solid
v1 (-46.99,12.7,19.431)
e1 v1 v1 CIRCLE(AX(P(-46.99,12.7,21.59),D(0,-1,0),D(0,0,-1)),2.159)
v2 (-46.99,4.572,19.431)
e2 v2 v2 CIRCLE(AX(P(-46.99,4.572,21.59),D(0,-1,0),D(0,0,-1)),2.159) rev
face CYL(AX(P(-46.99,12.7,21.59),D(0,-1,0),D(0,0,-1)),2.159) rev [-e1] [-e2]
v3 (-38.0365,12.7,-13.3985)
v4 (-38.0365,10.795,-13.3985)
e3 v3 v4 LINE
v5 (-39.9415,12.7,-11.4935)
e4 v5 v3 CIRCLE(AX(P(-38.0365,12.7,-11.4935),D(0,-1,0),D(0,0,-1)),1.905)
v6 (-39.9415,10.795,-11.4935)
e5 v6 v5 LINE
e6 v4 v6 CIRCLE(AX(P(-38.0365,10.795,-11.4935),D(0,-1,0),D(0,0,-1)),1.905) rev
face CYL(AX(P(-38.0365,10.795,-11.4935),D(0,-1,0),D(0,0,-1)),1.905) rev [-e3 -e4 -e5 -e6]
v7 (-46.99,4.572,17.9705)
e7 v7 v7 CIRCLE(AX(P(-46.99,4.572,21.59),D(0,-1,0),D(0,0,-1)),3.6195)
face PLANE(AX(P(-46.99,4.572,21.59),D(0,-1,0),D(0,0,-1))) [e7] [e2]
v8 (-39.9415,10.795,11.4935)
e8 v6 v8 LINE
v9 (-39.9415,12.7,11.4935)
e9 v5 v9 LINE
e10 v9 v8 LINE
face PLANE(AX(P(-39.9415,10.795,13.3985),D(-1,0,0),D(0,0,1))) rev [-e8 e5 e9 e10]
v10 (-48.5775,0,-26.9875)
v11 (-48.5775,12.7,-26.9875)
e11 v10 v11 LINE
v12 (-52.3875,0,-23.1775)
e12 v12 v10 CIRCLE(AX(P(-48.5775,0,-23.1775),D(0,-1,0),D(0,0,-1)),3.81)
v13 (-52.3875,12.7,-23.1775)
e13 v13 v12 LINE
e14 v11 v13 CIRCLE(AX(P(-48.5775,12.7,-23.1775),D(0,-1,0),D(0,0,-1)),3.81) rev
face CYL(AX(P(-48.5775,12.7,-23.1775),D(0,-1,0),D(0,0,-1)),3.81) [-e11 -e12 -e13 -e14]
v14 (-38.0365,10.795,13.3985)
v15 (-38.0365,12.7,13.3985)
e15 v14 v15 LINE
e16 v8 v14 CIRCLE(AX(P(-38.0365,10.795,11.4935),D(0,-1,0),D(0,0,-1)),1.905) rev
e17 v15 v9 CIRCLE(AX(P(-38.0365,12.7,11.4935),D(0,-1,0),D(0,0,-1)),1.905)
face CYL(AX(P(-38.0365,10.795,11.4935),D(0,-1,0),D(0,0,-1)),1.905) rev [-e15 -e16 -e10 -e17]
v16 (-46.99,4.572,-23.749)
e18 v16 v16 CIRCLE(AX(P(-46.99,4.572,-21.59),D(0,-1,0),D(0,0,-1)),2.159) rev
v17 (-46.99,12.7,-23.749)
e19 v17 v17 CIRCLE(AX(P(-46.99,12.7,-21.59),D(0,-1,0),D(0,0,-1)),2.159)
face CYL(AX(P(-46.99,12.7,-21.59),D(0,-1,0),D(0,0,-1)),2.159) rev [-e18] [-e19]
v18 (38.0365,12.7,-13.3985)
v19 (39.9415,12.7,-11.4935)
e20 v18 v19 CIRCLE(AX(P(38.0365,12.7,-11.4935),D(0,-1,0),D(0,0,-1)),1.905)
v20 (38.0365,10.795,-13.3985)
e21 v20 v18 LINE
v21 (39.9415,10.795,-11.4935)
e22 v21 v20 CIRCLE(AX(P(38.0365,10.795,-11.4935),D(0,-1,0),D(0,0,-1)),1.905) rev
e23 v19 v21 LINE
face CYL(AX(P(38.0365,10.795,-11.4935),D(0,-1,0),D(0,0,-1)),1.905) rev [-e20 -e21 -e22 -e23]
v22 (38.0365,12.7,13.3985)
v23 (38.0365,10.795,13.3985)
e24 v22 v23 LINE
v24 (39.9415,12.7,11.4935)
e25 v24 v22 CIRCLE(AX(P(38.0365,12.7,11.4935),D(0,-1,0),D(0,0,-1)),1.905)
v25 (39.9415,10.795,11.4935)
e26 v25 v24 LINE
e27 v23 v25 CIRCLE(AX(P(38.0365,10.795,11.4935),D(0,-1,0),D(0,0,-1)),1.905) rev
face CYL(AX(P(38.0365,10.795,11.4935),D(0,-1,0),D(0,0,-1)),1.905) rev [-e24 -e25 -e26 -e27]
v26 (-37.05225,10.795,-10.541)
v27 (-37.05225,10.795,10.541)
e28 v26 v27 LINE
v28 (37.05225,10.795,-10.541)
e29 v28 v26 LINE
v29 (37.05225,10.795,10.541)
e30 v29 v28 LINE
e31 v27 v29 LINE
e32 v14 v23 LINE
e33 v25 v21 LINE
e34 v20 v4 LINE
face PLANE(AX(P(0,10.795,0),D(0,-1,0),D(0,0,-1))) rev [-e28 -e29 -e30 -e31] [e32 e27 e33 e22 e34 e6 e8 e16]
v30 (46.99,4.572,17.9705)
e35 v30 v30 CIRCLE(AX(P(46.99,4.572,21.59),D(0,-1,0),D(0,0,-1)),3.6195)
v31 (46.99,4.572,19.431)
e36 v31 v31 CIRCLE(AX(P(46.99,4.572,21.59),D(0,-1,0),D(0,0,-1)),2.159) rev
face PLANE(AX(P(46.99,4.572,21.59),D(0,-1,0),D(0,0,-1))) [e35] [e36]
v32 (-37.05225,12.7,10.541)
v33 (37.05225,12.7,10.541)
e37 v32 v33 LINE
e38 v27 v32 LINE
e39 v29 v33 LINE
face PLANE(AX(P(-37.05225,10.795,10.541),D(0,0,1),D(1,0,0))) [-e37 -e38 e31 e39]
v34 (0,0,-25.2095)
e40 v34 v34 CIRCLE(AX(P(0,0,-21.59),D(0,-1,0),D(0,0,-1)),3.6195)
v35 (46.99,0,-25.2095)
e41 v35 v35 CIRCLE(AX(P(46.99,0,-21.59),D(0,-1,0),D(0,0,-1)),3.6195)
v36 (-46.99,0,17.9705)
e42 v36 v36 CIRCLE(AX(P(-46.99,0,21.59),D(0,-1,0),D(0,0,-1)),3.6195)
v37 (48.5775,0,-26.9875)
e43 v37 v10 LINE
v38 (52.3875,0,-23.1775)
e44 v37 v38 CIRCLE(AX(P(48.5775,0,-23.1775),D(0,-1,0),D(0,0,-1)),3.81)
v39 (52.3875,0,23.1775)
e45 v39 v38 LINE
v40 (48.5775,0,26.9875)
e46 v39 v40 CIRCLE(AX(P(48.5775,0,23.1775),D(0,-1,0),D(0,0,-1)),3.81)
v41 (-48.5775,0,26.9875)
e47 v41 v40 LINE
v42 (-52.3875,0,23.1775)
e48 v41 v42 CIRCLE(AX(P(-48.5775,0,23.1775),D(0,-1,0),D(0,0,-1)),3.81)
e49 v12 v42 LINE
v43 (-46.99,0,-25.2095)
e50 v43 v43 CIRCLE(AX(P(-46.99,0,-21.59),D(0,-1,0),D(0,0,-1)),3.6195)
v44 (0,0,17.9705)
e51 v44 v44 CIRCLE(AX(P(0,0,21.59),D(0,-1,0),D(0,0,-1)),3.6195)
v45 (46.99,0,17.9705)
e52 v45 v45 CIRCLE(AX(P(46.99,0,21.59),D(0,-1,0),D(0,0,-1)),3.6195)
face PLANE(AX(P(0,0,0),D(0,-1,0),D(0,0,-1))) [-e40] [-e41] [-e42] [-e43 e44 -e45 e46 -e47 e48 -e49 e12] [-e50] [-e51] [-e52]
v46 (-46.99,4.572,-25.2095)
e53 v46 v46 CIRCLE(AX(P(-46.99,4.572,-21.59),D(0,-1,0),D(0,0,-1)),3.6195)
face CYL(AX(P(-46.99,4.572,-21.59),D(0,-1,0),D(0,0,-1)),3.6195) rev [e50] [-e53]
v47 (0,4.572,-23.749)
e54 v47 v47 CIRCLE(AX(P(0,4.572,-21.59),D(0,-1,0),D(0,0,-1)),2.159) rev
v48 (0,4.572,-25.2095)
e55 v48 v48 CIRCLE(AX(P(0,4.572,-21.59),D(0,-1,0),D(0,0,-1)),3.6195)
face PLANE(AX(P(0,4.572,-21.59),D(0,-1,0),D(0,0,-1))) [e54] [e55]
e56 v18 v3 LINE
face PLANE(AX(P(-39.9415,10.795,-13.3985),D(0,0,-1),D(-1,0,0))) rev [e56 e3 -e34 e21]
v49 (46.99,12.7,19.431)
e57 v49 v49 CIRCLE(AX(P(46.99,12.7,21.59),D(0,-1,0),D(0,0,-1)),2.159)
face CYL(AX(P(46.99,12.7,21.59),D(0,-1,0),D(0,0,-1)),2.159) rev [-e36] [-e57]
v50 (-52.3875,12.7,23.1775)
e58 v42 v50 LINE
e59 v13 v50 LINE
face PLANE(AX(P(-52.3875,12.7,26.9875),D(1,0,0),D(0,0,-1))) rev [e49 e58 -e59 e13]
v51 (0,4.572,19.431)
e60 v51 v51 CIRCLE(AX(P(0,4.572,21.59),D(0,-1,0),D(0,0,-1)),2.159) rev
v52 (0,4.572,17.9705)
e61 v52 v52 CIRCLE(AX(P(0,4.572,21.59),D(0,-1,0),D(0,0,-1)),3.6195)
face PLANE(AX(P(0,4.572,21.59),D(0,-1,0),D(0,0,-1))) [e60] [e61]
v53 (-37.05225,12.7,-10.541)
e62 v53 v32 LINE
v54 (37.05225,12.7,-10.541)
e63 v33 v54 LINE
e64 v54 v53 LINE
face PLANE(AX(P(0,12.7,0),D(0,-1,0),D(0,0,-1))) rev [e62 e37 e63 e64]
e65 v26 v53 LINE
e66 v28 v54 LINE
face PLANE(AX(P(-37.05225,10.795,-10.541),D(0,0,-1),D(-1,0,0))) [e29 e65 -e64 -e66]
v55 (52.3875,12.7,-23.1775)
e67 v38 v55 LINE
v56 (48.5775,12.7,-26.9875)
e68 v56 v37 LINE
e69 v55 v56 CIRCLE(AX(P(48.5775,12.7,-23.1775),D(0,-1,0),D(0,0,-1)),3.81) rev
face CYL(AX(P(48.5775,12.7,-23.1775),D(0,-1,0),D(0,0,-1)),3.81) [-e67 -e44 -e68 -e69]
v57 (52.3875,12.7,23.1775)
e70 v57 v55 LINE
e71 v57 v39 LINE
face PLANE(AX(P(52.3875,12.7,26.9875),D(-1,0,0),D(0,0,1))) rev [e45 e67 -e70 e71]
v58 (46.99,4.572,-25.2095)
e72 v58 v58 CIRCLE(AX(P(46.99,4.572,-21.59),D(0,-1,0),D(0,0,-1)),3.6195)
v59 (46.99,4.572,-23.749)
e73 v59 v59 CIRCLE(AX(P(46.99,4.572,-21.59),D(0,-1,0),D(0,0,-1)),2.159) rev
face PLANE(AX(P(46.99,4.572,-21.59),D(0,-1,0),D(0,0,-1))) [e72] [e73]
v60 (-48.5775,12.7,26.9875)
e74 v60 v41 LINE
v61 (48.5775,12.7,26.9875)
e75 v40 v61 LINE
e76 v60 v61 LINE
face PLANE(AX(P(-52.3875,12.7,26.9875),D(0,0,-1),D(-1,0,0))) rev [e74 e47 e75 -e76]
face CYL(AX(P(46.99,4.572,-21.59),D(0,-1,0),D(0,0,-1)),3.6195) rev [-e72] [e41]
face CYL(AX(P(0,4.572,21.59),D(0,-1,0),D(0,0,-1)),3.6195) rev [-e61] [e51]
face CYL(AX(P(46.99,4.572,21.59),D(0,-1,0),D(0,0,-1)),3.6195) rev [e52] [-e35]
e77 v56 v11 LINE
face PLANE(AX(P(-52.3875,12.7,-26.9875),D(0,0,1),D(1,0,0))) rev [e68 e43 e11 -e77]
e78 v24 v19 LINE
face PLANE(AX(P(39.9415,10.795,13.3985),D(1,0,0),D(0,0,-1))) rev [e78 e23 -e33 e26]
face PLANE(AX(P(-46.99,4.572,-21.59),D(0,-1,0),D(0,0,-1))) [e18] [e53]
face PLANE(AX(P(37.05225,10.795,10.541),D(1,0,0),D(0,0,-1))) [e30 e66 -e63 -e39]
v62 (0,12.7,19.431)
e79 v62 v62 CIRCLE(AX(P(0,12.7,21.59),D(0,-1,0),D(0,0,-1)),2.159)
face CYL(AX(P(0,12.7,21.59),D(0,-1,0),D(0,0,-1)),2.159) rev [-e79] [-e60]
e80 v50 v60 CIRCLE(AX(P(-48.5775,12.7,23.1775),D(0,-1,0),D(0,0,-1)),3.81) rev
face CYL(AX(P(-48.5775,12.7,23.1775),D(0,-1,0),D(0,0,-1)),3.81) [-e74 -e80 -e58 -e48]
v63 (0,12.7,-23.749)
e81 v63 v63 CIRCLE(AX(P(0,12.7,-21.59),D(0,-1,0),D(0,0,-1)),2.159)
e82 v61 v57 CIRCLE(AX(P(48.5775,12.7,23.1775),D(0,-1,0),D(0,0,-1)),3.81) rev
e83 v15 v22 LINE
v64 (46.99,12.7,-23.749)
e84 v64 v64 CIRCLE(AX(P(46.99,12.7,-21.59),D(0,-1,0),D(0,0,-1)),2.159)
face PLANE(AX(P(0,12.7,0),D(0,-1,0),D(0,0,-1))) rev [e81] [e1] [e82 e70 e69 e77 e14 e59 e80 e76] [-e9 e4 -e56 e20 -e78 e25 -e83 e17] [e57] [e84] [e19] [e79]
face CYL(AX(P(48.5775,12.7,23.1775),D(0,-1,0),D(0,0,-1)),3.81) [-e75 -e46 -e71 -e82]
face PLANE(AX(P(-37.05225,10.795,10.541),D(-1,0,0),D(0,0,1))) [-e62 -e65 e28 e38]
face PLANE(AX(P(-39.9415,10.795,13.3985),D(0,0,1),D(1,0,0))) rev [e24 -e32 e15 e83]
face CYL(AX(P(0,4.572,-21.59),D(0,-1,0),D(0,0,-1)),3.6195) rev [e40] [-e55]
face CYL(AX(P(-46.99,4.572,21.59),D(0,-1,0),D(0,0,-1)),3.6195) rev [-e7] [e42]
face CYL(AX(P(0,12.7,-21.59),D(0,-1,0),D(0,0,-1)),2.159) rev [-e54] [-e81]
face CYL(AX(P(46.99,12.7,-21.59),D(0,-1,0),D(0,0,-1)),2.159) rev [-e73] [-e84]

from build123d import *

# Parameters (mm, degrees)
SKETCH1_W           = 104.775
SKETCH1_H           = 53.975
BOSS_EXTRUDE1_DEPTH = 12.7
SKETCH3_W           = 79.883
SKETCH3_H           = 26.797
SKETCH3_W_2         = 74.1045
SKETCH3_H_2         = 21.082
CUT_EXTRUDE1_DEPTH  = 1.905
FILLET1_R           = 1.905
SKETCH4_R           = 2.159
CUT_EXTRUDE2_DEPTH  = 61.283209209
SKETCH8_R           = 3.6195
CUT_EXTRUDE3_DEPTH  = 4.572
FILLET2_R           = 3.81


with BuildPart() as part:
    # Sketch1 → Boss-Extrude1 (new body)
    with BuildSketch(Plane(origin=(0, 0, 0), x_dir=(1, 0, 0), z_dir=(0, 1, 0))):
        Rectangle(SKETCH1_W, SKETCH1_H)
    extrude(amount=BOSS_EXTRUDE1_DEPTH)

    # Sketch3 → Cut-Extrude1 (cut)
    with BuildSketch(Plane(origin=(0, 12.7, 0), x_dir=(1, 0, 0), z_dir=(0, 1, 0))):
        Rectangle(SKETCH3_W, SKETCH3_H)
        Rectangle(SKETCH3_W_2, SKETCH3_H_2, mode=Mode.SUBTRACT)
    extrude(amount=-CUT_EXTRUDE1_DEPTH, mode=Mode.SUBTRACT)

    # Fillet1
    fillet1_edges = [part.edges().sort_by_distance(p)[0] for p in [
        (39.9415, 11.7475, -13.3985),
        (39.9415, 11.7475, 13.3985),
        (-39.9415, 11.7475, 13.3985),
        (-39.9415, 11.7475, -13.3985),
    ]]
    fillet(fillet1_edges, radius=FILLET1_R)

    # Sketch4 → Cut-Extrude2 (cut, through all)
    with BuildSketch(Plane.XZ):
        with Locations(Location((-46.99, 21.59, 0), (0, 0, 270))):
            Circle(SKETCH4_R)
        with Locations(Location((46.99, 21.59, 0), (0, 0, 270))):
            Circle(SKETCH4_R)
        with Locations(Location((-46.99, -21.59, 0), (0, 0, 270))):
            Circle(SKETCH4_R)
        with Locations(Location((46.99, -21.59, 0), (0, 0, 270))):
            Circle(SKETCH4_R)
        with Locations(Location((0, 21.59, 0), (0, 0, 270))):
            Circle(SKETCH4_R)
        with Locations(Location((0, -21.59, 0), (0, 0, 270))):
            Circle(SKETCH4_R)
    extrude(amount=-CUT_EXTRUDE2_DEPTH, mode=Mode.SUBTRACT)

    # Sketch8 → Cut-Extrude3 (cut)
    with BuildSketch(Plane.XZ):
        with Locations(Location((-46.99, 21.59, 0), (0, 0, 270))):
            Circle(SKETCH8_R)
        with Locations(Location((0, 21.59, 0), (0, 0, 270))):
            Circle(SKETCH8_R)
        with Locations(Location((46.99, 21.59, 0), (0, 0, 270))):
            Circle(SKETCH8_R)
        with Locations(Location((46.99, -21.59, 0), (0, 0, 270))):
            Circle(SKETCH8_R)
        with Locations(Location((0, -21.59, 0), (0, 0, 270))):
            Circle(SKETCH8_R)
        with Locations(Location((-46.99, -21.59, 0), (0, 0, 270))):
            Circle(SKETCH8_R)
    extrude(amount=-CUT_EXTRUDE3_DEPTH, mode=Mode.SUBTRACT)

    # Fillet2
    fillet2_edges = [part.edges().sort_by_distance(p)[0] for p in [
        (52.3875, 6.35, 26.9875),
        (-52.3875, 6.35, 26.9875),
        (-52.3875, 6.35, -26.9875),
        (52.3875, 6.35, -26.9875),
    ]]
    fillet(fillet2_edges, radius=FILLET2_R)


solid = part.part
